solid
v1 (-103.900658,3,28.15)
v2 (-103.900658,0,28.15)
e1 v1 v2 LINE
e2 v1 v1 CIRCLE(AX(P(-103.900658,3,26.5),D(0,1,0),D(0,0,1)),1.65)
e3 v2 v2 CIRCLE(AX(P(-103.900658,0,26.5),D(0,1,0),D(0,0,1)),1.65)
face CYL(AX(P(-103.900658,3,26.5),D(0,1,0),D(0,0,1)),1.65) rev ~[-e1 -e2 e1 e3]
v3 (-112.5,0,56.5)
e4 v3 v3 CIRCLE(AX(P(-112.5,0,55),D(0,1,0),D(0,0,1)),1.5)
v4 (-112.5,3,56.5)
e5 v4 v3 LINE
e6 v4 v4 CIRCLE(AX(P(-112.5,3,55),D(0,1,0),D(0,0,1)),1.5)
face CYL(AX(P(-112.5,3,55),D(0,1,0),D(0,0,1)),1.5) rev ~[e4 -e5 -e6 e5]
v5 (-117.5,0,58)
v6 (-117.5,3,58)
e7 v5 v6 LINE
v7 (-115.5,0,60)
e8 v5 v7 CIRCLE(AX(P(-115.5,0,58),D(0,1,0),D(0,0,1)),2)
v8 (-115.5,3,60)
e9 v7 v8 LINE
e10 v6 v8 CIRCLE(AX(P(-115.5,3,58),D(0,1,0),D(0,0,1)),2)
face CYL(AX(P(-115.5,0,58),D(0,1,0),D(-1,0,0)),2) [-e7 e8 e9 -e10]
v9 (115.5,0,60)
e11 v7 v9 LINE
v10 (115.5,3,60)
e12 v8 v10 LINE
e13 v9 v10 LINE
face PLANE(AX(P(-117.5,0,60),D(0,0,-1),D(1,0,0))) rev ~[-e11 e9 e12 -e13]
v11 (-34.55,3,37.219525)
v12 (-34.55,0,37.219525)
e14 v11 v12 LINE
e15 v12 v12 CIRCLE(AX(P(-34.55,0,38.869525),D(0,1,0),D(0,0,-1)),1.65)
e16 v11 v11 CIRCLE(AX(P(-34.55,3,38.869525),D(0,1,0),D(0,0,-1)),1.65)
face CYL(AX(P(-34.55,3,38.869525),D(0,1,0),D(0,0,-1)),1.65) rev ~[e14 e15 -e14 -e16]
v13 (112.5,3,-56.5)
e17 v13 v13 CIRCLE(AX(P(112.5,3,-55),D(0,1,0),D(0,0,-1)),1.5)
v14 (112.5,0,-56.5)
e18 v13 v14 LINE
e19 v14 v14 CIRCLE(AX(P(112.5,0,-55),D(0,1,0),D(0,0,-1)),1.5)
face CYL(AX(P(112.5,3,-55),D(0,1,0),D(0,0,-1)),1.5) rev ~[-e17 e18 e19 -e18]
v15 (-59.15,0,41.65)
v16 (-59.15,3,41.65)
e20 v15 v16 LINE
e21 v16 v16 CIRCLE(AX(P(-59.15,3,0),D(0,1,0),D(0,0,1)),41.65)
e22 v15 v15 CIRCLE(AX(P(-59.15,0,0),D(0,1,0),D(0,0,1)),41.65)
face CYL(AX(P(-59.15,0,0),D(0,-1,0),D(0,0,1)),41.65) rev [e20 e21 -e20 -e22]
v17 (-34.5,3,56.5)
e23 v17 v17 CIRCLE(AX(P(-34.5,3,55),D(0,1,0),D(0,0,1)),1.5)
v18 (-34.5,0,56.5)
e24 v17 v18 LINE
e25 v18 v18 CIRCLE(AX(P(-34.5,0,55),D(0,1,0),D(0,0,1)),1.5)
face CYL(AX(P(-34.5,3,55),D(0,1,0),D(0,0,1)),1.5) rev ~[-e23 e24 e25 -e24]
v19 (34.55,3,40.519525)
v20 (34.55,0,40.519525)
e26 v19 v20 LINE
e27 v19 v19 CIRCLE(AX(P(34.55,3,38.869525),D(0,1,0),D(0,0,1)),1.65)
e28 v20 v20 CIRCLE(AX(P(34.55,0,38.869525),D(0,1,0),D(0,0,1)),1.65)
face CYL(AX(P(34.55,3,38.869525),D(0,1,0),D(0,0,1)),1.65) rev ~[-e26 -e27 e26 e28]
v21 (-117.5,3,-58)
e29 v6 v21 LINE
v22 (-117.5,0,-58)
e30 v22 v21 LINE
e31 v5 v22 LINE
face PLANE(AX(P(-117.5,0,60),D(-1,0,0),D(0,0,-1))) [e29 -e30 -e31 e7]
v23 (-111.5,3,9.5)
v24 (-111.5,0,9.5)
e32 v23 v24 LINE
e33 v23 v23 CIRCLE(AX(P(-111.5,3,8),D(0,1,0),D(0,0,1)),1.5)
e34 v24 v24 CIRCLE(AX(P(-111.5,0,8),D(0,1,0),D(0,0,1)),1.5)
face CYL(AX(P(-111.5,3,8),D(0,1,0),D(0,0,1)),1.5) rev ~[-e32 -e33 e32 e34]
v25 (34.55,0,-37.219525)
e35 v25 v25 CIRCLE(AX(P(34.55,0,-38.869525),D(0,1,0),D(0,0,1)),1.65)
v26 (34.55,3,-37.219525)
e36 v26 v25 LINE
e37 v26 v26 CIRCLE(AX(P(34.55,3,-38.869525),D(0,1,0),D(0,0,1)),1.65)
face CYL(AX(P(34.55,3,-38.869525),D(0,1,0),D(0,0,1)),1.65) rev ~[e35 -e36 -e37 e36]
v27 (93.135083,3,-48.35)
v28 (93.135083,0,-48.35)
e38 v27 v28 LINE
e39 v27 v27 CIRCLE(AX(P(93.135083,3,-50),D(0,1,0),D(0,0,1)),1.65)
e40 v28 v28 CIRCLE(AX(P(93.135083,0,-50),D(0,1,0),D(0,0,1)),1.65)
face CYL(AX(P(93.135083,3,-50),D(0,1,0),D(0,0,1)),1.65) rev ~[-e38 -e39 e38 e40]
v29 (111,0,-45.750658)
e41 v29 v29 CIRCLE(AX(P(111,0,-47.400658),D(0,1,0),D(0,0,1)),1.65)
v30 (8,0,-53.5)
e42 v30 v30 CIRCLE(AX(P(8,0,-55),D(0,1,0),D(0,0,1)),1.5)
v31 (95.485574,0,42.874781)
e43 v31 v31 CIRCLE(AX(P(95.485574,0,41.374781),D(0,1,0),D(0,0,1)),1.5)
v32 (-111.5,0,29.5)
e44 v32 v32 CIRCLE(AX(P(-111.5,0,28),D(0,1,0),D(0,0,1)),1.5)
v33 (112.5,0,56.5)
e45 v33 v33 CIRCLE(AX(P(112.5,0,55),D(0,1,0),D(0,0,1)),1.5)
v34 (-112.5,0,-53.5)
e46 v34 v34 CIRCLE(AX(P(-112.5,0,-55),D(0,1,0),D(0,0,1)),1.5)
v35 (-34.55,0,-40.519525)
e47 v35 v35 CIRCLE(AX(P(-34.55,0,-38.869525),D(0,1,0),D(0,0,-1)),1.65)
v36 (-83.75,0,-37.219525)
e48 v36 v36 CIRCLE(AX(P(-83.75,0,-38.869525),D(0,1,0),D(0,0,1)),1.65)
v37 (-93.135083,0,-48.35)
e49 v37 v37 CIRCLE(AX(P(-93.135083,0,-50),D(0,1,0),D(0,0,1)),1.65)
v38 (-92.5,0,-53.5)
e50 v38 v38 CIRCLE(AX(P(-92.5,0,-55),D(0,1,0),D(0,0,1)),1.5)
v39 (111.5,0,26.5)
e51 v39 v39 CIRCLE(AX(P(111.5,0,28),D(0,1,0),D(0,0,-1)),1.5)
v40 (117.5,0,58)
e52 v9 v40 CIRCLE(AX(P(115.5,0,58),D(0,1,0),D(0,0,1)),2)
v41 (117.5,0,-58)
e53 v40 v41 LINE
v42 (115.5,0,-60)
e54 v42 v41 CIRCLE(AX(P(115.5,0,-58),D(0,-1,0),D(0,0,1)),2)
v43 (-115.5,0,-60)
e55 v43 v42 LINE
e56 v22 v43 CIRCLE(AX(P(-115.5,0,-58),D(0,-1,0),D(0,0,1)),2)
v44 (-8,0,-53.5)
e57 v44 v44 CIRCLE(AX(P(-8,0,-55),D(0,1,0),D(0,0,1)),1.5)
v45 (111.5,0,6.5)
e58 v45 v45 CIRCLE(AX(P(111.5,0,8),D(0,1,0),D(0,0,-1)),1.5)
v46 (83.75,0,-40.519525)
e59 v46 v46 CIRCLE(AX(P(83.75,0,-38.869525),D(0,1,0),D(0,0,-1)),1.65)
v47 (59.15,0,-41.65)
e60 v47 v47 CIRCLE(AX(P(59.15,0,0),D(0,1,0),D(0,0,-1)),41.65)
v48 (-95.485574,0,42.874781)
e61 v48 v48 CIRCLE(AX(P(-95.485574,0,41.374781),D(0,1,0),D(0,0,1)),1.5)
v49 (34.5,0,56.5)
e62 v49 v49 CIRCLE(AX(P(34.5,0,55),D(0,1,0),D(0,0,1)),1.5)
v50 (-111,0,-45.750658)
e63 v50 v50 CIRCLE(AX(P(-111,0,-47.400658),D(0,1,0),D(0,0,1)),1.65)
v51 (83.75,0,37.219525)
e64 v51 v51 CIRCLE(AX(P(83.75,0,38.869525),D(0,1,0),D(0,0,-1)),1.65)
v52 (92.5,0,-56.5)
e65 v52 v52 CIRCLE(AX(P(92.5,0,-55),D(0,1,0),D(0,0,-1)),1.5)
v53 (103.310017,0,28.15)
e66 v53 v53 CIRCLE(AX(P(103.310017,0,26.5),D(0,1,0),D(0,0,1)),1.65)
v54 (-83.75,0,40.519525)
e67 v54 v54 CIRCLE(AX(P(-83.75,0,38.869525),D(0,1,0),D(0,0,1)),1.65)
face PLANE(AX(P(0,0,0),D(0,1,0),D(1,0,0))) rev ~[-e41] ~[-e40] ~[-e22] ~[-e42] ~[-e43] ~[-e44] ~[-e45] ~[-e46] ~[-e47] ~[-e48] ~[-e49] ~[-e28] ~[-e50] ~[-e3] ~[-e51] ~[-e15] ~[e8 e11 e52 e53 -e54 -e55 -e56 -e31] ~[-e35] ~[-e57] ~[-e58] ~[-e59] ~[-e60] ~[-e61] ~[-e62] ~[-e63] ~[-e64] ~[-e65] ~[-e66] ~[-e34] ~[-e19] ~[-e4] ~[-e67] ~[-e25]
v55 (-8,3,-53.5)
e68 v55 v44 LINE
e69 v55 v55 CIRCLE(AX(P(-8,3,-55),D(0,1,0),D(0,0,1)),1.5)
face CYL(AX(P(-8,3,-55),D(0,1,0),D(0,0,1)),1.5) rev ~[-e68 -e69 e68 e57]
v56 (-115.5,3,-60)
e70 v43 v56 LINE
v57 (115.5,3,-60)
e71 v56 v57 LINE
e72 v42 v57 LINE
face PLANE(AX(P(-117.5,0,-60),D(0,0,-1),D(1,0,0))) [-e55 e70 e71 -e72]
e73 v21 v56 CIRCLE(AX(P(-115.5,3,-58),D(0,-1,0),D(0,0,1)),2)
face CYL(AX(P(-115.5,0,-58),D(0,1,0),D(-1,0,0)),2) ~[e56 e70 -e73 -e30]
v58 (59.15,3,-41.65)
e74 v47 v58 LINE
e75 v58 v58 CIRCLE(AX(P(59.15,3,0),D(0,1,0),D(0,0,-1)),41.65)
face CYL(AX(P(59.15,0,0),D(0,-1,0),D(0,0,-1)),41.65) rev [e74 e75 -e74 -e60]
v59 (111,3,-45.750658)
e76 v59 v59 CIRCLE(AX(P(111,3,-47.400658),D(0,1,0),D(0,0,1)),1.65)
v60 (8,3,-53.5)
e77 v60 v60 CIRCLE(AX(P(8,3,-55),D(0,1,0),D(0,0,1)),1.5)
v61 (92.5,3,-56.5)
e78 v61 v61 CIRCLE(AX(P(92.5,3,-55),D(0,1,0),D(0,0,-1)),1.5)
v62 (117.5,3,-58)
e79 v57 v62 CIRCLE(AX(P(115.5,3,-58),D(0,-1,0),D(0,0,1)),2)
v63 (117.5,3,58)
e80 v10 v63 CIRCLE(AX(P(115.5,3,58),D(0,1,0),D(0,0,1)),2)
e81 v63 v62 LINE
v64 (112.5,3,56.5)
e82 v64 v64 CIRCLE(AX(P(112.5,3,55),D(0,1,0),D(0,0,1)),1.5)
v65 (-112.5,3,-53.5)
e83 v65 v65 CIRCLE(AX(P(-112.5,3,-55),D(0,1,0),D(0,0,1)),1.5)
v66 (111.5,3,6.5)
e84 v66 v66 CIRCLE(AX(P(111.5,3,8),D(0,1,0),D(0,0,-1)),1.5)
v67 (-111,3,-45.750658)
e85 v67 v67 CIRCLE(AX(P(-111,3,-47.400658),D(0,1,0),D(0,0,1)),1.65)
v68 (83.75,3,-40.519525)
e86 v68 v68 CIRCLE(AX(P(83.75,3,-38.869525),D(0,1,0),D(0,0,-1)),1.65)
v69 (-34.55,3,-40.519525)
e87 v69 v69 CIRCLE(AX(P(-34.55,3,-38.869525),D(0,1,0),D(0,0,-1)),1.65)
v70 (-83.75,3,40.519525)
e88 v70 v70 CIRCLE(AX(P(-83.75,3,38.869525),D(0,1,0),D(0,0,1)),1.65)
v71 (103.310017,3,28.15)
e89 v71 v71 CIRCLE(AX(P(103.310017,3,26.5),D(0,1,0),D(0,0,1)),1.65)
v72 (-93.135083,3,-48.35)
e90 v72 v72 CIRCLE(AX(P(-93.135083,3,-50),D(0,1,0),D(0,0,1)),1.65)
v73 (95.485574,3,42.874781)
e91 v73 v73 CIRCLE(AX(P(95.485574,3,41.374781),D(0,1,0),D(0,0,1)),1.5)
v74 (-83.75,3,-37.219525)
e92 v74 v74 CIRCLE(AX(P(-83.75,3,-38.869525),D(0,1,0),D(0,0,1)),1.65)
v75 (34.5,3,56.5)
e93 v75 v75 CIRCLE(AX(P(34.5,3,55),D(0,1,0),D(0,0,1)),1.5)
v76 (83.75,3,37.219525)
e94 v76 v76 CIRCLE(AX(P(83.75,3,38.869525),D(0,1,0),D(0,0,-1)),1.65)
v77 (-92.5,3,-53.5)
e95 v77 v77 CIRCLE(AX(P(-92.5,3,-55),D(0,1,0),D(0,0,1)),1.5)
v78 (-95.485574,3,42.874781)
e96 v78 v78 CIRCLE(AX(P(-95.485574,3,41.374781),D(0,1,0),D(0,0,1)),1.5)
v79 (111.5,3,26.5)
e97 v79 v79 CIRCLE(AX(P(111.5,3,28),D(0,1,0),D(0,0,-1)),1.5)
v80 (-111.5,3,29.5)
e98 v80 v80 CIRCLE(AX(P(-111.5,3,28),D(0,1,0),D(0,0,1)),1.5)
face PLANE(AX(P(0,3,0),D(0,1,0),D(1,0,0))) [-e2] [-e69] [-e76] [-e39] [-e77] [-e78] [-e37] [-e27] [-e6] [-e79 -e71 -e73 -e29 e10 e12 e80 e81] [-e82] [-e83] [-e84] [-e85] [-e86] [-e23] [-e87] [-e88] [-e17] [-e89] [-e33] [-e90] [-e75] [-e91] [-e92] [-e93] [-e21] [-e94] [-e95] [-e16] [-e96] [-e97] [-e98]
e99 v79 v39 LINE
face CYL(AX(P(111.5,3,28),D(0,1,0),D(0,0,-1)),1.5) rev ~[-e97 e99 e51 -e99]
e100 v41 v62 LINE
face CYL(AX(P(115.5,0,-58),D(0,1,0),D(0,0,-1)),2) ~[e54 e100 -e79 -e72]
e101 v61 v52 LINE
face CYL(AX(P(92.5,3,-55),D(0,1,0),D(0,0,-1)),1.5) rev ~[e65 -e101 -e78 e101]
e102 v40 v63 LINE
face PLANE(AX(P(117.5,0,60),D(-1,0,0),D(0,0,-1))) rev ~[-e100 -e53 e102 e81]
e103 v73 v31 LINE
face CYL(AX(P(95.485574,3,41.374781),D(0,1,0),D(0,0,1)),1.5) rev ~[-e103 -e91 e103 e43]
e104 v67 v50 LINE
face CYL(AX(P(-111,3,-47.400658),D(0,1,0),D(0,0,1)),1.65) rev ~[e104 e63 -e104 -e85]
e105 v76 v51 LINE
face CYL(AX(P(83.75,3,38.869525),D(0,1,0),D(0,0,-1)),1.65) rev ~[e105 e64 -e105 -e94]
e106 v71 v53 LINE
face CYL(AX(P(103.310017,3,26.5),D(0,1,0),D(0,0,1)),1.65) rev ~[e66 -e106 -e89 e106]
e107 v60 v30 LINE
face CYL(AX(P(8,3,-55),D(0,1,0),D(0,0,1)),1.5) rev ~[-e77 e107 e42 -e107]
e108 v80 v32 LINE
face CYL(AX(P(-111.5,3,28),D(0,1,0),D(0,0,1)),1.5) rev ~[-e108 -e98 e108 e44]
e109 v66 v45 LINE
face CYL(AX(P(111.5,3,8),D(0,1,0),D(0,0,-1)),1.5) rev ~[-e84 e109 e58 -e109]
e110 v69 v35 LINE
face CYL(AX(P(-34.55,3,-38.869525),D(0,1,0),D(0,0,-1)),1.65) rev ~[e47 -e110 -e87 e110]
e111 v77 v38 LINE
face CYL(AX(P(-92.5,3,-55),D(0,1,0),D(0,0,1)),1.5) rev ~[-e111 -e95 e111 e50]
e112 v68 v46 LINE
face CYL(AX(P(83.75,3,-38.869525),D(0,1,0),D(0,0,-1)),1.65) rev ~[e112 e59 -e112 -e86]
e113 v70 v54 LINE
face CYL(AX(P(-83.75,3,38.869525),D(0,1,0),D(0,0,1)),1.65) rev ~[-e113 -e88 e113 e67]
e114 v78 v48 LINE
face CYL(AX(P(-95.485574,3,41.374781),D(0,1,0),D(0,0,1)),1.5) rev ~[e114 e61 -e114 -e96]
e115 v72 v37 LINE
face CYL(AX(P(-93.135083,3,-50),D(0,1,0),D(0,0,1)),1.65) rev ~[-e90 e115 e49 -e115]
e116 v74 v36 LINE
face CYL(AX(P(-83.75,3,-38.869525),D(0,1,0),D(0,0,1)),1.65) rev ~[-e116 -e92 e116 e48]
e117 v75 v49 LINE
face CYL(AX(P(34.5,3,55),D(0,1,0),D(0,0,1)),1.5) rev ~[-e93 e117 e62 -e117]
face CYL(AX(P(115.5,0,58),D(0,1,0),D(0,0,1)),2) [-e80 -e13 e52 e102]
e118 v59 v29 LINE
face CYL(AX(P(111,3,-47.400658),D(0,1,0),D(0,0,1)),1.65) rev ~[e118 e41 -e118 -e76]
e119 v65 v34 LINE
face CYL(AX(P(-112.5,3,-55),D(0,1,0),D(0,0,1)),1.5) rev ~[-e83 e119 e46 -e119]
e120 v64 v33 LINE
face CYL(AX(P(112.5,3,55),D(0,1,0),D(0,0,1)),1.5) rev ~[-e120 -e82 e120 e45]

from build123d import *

# Parameters (mm, degrees)
SKETCH_1_W          = 235
SKETCH_1_H          = 120
SKETCH_1_R          = 41.65
EXTRUDE_1_DEPTH     = 3
SKETCH_2_R          = 1.65
CUT_EXTRUDE_1_DEPTH = 3
SKETCH_3_R          = 1.5
SKETCH_3_R_2        = 1.65
CUT_EXTRUDE_2_DEPTH = 3
SKETCH_4_R          = 1.5
CUT_EXTRUDE_3_DEPTH = 3
SKETCH_5_R          = 1.5
CUT_EXTRUDE_4_DEPTH = 3
FILLET_1_R          = 2
SKETCH_6_R          = 1.65
CUT_EXTRUDE_5_DEPTH = 10


with BuildPart() as part:
    # 草图1 → 凸台-拉伸1 (new body)
    with BuildSketch(Plane(origin=(0, 0, 0), x_dir=(1, 0, 0), z_dir=(0, 1, 0))):
        Rectangle(SKETCH_1_W, SKETCH_1_H)
        with Locations(Location((-59.15, 0, 0), (0, 0, 270))):
            Circle(SKETCH_1_R, mode=Mode.SUBTRACT)
        with Locations(Location((59.15, 0, 0), (0, 0, 90))):
            Circle(SKETCH_1_R, mode=Mode.SUBTRACT)
    extrude(amount=EXTRUDE_1_DEPTH)

    # 草图2 → 切除-拉伸1 (cut)
    with BuildSketch(Plane(origin=(0, 3, 0), x_dir=(1, 0, 0), z_dir=(0, 1, 0))):
        with Locations(Location((-83.75, -38.869525338, 0), (0, 0, 270))):
            Circle(SKETCH_2_R)
        with Locations(Location((-83.75, 38.869525338, 0), (0, 0, 270))):
            Circle(SKETCH_2_R)
        with Locations(Location((-34.55, 38.869525338, 0), (0, 0, 90))):
            Circle(SKETCH_2_R)
        with Locations(Location((-34.55, -38.869525338, 0), (0, 0, 90))):
            Circle(SKETCH_2_R)
        with Locations(Location((34.55, -38.869525338, 0), (0, 0, 270))):
            Circle(SKETCH_2_R)
        with Locations(Location((83.75, -38.869525338, 0), (0, 0, 90))):
            Circle(SKETCH_2_R)
        with Locations(Location((34.55, 38.869525338, 0), (0, 0, 270))):
            Circle(SKETCH_2_R)
        with Locations(Location((83.75, 38.869525338, 0), (0, 0, 90))):
            Circle(SKETCH_2_R)
    extrude(amount=-CUT_EXTRUDE_1_DEPTH, mode=Mode.SUBTRACT)

    # 草图3 → 切除-拉伸2 (cut)
    with BuildSketch(Plane(origin=(0, 3, 0), x_dir=(1, 0, 0), z_dir=(0, 1, 0))):
        with Locations(Location((-111.5, -28, 0), (0, 0, 270))):
            Circle(SKETCH_3_R)
        with Locations(Location((-111.5, -8, 0), (0, 0, 270))):
            Circle(SKETCH_3_R)
        with Locations(Location((111.5, -8, 0), (0, 0, 90))):
            Circle(SKETCH_3_R)
        with Locations(Location((111.5, -28, 0), (0, 0, 90))):
            Circle(SKETCH_3_R)
        with Locations(Location((-112.5, 55, 0), (0, 0, 270))):
            Circle(SKETCH_3_R)
        with Locations(Location((-92.5, 55, 0), (0, 0, 270))):
            Circle(SKETCH_3_R)
        with Locations(Location((92.5, 55, 0), (0, 0, 90))):
            Circle(SKETCH_3_R)
        with Locations(Location((112.5, 55, 0), (0, 0, 90))):
            Circle(SKETCH_3_R)
        with Locations(Location((103.310016868, -26.5, 0), (0, 0, 270))):
            Circle(SKETCH_3_R_2)
        with Locations(Location((-93.135083269, 50, 0), (0, 0, 270))):
            Circle(SKETCH_3_R_2)
        with Locations(Location((-111, 47.400657923, 0), (0, 0, 270))):
            Circle(SKETCH_3_R_2)
        with Locations(Location((93.135083269, 50, 0), (0, 0, 270))):
            Circle(SKETCH_3_R_2)
        with Locations(Location((111, 47.400657923, 0), (0, 0, 270))):
            Circle(SKETCH_3_R_2)
        with Locations(Location((-95.485573862, -41.374781037, 0), (0, 0, 270))):
            Circle(SKETCH_3_R)
        with Locations(Location((95.485573862, -41.374781037, 0), (0, 0, 270))):
            Circle(SKETCH_3_R)
    extrude(amount=-CUT_EXTRUDE_2_DEPTH, mode=Mode.SUBTRACT)

    # 草图4 → 切除-拉伸3 (cut)
    with BuildSketch(Plane(origin=(0, 3, 0), x_dir=(1, 0, 0), z_dir=(0, 1, 0))):
        with Locations(Location((-112.5, -55, 0), (0, 0, 270))):
            Circle(SKETCH_4_R)
        with Locations(Location((-112.5, 55, 0), (0, 0, 270))):
            Circle(SKETCH_4_R)
        with Locations(Location((112.5, 55, 0), (0, 0, 90))):
            Circle(SKETCH_4_R)
        with Locations(Location((112.5, -55, 0), (0, 0, 270))):
            Circle(SKETCH_4_R)
        with Locations(Location((-34.5, -55, 0), (0, 0, 270))):
            Circle(SKETCH_4_R)
        with Locations(Location((34.5, -55, 0), (0, 0, 270))):
            Circle(SKETCH_4_R)
    extrude(amount=-CUT_EXTRUDE_3_DEPTH, mode=Mode.SUBTRACT)

    # 草图5 → 切除-拉伸4 (cut)
    with BuildSketch(Plane(origin=(0, 3, 0), x_dir=(1, 0, 0), z_dir=(0, 1, 0))):
        with Locations(Location((-8, 55, 0), (0, 0, 270))):
            Circle(SKETCH_5_R)
        with Locations(Location((8, 55, 0), (0, 0, 270))):
            Circle(SKETCH_5_R)
    extrude(amount=-CUT_EXTRUDE_4_DEPTH, mode=Mode.SUBTRACT)

    # 圆角1
    fillet_1_edges = [part.edges().sort_by_distance(p)[0] for p in [
        (117.5, 1.5, 60),
        (-117.5, 1.5, 60),
        (-117.5, 1.5, -60),
        (117.5, 1.5, -60),
    ]]
    fillet(fillet_1_edges, radius=FILLET_1_R)

    # 草图6 → 切除-拉伸5 (cut)
    with BuildSketch(Plane(origin=(0, 3, 0), x_dir=(1, 0, 0), z_dir=(0, 1, 0))):
        with Locations(Location((-103.900657923, -26.5, 0), (0, 0, 270))):
            Circle(SKETCH_6_R)
    extrude(amount=-CUT_EXTRUDE_5_DEPTH, mode=Mode.SUBTRACT)


solid = part.part
